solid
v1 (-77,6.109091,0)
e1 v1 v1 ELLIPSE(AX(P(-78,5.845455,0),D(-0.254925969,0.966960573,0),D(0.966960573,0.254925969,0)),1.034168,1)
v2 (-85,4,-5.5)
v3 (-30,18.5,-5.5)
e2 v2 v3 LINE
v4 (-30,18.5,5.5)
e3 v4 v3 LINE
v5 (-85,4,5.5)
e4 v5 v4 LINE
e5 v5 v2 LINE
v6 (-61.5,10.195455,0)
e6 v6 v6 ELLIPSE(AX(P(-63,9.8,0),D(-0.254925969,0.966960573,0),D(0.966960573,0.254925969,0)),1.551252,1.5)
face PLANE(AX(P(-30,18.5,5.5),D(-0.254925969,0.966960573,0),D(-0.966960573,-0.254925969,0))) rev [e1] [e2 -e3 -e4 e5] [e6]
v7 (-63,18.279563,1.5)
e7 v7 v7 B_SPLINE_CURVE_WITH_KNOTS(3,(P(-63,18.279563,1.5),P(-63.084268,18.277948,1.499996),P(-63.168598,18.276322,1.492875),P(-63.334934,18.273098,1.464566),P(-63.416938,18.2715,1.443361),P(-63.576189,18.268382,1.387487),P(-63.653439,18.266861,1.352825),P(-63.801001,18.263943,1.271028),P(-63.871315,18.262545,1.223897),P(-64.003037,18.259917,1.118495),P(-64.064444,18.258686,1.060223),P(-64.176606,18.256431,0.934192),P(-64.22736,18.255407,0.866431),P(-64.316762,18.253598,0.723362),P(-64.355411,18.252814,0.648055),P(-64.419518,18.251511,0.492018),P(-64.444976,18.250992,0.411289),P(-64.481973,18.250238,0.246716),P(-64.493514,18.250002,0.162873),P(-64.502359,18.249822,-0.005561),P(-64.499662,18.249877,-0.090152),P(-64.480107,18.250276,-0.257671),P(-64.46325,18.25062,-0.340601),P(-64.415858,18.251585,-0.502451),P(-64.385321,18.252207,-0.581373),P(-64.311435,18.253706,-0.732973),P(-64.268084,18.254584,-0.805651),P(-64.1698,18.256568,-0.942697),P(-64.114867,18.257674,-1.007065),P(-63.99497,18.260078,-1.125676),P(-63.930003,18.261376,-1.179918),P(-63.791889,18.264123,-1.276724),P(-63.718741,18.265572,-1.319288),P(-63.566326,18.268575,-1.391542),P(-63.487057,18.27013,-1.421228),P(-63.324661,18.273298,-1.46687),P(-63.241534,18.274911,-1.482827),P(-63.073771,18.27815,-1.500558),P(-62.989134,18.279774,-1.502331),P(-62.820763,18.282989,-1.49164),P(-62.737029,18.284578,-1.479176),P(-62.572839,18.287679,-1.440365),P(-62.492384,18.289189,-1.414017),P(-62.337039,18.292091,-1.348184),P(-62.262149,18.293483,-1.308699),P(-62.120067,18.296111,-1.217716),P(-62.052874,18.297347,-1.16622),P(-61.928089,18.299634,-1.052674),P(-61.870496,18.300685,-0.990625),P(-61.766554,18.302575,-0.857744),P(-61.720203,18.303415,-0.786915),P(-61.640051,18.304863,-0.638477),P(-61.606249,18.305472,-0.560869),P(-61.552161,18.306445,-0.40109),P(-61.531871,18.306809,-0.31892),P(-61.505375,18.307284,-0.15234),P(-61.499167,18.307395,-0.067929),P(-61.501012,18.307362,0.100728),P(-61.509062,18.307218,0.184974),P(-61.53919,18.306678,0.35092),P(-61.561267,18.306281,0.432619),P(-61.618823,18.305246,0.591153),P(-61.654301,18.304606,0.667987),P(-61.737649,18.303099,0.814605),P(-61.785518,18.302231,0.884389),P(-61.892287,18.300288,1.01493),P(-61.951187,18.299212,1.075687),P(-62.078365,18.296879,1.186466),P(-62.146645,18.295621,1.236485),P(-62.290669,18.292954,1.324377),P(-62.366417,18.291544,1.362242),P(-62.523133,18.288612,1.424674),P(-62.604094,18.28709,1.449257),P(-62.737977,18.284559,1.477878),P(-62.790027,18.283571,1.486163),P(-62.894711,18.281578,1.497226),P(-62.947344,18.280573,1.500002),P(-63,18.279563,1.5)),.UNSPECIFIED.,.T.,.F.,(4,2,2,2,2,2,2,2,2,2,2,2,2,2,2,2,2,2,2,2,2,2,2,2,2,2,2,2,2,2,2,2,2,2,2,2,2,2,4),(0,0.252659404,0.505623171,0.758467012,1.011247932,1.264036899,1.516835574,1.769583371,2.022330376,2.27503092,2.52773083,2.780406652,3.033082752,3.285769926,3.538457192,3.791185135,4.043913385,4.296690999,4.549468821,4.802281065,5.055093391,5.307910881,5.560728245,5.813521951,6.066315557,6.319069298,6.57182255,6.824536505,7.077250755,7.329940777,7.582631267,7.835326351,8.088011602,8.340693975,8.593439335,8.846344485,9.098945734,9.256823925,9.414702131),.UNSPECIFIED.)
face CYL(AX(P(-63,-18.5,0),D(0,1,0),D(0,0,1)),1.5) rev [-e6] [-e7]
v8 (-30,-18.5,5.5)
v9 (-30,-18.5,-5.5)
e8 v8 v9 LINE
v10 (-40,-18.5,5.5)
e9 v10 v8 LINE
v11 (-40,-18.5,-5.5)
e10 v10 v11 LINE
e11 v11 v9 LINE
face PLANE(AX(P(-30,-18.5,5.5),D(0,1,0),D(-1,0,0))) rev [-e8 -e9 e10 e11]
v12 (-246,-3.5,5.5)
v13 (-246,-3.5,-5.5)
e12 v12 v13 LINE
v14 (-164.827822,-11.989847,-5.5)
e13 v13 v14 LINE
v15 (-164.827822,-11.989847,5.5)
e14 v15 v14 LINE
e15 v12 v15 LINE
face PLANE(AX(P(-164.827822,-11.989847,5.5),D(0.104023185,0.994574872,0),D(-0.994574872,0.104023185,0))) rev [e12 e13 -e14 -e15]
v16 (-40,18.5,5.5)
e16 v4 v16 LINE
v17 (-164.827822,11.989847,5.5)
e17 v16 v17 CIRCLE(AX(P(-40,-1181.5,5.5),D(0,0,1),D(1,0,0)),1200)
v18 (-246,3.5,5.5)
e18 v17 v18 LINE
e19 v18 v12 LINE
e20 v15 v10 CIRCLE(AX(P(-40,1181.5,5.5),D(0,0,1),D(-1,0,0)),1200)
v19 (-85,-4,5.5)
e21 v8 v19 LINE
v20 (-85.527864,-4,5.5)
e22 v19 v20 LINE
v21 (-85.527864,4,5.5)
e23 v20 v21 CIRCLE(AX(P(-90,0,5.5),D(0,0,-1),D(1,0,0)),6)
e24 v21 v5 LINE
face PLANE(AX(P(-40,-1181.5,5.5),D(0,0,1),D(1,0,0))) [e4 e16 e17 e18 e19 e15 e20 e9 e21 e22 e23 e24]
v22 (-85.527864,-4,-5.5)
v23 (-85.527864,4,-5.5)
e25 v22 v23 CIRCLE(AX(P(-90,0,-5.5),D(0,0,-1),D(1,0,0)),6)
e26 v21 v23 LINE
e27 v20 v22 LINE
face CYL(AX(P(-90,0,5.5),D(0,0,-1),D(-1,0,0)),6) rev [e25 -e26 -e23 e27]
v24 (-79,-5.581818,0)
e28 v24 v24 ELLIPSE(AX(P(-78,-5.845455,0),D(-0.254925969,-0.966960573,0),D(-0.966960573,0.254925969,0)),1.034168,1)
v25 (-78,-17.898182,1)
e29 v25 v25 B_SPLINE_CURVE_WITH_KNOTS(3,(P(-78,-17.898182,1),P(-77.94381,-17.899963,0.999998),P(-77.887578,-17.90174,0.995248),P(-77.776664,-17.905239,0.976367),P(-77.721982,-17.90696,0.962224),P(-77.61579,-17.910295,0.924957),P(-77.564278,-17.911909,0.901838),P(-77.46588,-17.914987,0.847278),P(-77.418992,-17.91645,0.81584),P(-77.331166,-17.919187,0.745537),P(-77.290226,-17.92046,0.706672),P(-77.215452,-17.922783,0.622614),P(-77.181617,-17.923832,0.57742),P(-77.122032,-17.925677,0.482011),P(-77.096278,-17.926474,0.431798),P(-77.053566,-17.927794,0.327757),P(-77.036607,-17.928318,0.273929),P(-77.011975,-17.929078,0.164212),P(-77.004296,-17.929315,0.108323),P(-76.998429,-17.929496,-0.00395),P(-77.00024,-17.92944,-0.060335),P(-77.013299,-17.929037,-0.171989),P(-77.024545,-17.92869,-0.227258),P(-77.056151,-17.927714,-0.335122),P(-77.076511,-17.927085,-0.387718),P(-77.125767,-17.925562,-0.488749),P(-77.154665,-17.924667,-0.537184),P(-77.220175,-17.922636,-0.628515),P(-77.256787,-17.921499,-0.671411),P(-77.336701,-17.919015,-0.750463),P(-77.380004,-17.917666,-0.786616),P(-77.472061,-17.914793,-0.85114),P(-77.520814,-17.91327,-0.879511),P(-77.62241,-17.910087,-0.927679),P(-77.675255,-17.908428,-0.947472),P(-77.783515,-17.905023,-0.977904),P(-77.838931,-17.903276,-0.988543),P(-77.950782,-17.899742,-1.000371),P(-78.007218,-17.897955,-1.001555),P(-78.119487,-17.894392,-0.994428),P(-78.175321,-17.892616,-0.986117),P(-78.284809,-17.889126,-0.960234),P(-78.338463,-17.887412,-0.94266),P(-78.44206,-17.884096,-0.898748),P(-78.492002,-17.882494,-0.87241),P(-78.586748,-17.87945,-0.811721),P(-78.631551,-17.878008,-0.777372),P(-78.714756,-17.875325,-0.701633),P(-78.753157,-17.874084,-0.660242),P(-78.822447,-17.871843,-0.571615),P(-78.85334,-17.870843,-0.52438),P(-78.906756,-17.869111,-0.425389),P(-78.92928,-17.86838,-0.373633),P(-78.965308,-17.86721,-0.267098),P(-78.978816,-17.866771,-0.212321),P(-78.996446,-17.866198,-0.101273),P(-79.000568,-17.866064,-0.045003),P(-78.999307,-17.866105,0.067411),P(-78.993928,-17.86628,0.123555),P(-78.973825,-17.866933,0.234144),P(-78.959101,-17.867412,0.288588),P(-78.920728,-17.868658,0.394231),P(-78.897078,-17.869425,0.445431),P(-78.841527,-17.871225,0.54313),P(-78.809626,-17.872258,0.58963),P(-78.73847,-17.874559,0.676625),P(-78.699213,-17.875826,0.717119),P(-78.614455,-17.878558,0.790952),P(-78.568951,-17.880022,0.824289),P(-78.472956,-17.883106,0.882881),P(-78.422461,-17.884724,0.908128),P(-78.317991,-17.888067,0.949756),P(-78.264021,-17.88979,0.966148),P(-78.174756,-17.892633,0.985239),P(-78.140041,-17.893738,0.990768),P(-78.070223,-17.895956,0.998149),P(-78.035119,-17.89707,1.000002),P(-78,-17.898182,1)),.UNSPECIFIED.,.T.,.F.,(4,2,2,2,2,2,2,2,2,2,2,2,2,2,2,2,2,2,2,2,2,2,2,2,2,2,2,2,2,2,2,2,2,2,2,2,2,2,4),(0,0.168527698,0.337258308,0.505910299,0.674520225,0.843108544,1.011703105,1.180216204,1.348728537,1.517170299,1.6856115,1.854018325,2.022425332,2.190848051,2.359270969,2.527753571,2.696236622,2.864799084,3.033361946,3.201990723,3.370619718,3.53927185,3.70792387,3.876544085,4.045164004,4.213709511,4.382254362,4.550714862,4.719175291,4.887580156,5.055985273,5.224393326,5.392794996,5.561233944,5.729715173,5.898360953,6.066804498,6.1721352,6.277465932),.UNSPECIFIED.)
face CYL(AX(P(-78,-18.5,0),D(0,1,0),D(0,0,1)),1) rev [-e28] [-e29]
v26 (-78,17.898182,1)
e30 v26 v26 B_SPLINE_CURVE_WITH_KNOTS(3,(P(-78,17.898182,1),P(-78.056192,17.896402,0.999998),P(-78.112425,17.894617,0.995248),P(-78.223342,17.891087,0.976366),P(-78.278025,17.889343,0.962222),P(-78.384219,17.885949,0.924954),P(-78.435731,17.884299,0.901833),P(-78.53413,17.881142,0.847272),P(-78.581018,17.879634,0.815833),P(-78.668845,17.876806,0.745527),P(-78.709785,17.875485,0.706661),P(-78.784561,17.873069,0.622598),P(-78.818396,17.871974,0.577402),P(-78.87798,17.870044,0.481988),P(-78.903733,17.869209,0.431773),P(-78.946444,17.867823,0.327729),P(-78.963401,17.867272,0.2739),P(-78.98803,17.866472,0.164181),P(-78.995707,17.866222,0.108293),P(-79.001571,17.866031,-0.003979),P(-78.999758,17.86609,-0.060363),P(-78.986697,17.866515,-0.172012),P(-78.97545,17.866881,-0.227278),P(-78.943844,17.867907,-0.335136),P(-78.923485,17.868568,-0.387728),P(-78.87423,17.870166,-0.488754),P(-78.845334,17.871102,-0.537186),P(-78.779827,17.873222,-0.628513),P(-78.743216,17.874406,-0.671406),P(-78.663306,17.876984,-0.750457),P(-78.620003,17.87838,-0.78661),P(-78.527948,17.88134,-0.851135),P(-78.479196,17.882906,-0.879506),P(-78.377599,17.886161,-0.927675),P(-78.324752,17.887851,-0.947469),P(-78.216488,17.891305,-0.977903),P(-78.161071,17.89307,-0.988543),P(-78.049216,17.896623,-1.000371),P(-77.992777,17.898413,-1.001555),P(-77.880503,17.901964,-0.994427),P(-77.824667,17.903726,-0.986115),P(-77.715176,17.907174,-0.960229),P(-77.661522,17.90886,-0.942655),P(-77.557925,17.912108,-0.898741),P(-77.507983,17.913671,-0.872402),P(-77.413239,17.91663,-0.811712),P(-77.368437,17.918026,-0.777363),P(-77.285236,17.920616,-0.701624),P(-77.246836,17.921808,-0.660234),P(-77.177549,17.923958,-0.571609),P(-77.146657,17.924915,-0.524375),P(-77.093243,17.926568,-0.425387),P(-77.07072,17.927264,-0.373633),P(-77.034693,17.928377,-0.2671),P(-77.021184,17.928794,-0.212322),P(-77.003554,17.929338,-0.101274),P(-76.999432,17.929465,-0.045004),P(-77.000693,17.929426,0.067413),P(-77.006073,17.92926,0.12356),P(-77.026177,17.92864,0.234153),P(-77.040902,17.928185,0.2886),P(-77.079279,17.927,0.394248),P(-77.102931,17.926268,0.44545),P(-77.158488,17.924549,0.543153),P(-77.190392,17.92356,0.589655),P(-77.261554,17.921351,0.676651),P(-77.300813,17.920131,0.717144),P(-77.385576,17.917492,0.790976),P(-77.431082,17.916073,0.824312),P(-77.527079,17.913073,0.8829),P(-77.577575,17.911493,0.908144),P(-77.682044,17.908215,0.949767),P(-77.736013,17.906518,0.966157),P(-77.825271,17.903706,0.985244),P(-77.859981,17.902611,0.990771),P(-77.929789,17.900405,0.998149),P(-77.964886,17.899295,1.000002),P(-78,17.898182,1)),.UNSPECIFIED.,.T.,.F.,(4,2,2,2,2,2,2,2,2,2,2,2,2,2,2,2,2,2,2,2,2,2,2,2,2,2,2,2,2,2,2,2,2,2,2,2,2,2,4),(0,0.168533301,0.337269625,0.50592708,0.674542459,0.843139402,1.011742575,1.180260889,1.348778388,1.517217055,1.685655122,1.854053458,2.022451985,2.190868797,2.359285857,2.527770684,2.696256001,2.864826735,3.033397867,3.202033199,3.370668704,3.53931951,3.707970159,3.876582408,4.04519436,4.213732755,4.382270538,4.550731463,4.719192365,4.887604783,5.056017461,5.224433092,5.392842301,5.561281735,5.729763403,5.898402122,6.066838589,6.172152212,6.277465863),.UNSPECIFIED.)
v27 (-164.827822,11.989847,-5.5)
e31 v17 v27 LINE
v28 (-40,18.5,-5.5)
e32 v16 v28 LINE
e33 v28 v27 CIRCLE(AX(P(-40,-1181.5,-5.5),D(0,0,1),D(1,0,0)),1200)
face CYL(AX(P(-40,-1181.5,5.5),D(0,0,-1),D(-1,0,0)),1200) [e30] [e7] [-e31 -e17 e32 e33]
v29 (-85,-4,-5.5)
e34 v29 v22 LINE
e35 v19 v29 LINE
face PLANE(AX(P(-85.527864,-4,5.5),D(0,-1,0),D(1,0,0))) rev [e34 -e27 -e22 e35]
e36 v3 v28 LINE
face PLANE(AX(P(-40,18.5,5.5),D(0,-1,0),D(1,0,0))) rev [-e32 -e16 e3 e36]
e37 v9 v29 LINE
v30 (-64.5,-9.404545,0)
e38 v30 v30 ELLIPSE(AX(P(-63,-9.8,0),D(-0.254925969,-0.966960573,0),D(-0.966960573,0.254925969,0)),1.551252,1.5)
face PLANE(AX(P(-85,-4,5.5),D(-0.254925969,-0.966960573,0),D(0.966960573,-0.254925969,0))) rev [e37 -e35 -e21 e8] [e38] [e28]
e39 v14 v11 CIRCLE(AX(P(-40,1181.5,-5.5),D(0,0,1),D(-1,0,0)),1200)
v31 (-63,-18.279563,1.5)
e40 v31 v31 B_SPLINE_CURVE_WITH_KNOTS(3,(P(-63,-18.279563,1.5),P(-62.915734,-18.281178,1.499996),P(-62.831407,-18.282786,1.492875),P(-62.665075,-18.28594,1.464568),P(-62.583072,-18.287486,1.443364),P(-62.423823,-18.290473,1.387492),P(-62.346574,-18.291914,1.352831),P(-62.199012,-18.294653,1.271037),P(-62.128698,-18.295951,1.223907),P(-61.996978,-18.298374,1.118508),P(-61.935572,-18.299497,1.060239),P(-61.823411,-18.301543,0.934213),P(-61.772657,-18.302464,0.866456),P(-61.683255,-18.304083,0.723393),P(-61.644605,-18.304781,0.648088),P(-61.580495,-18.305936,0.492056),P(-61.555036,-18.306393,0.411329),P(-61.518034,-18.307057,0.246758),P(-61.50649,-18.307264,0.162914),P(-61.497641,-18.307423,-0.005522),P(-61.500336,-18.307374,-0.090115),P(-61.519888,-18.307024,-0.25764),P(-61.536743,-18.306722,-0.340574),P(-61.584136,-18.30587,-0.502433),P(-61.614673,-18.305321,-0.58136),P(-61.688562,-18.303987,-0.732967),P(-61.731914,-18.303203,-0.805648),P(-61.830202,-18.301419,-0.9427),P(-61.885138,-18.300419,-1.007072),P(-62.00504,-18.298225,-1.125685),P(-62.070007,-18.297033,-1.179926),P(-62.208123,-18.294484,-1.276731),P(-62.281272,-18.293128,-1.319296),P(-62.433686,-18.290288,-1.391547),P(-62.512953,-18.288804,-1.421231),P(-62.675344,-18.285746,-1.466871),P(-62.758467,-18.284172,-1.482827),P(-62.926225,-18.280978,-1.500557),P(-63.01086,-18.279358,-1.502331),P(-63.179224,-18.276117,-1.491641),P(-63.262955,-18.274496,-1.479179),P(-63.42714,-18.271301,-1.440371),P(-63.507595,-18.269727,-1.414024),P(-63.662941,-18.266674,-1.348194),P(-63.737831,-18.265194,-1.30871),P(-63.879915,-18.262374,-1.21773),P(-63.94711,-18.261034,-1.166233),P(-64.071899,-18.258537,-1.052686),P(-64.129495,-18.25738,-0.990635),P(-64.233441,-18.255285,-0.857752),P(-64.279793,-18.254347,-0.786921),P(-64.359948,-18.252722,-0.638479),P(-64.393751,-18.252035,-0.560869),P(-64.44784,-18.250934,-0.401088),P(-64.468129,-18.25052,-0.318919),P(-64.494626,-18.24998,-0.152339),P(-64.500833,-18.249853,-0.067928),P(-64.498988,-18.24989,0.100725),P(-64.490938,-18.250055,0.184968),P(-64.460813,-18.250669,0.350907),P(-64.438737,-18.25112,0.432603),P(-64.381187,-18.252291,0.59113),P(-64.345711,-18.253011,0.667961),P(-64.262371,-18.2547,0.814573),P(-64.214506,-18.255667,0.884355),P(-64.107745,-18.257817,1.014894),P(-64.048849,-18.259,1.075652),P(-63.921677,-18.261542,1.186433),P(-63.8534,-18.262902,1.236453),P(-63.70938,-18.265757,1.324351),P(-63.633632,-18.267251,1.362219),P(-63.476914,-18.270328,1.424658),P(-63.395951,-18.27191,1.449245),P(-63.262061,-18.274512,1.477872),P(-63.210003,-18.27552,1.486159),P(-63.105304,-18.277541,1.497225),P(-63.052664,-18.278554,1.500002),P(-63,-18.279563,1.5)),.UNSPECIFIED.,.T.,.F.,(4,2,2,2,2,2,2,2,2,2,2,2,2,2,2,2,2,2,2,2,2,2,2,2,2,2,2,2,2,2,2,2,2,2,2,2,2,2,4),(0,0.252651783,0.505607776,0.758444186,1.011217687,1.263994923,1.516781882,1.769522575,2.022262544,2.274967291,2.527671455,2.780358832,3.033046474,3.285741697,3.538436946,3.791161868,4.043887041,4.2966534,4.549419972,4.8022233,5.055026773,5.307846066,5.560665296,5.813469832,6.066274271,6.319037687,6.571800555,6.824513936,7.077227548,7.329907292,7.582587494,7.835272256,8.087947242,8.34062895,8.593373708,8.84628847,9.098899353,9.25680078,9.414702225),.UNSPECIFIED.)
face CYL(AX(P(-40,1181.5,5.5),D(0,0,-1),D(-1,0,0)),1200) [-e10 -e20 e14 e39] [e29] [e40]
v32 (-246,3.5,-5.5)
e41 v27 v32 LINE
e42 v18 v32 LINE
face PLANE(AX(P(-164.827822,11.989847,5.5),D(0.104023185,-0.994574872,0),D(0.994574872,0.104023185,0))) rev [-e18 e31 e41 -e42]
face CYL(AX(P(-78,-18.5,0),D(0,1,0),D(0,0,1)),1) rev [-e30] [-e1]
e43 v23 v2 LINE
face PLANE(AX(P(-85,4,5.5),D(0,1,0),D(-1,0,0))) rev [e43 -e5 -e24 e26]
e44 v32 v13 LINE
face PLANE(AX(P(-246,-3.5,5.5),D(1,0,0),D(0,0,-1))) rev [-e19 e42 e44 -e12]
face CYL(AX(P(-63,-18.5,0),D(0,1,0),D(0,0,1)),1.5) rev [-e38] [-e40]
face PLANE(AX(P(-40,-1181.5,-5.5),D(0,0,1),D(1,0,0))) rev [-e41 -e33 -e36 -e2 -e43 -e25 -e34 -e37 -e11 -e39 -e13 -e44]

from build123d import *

# Parameters (mm, degrees)
EXTRUDE1_DEPTH          = 5.5
SKETCH2_R               = 1.5
SKETCH2_R_2             = 1
CUT_EXTRUDE1_DEPTH      = 19.5
CUT_EXTRUDE1_DEPTH_BACK = 19.5


with BuildPart() as part:
    # Sketch1 → Extrude1 (new body, symmetric)
    with BuildSketch(Plane.XY):
        with BuildLine():
            Line((-40, 18.5), (-30, 18.5))
            Line((-30, 18.5), (-85, 4))
            Line((-85, 4), (-85.527864045, 4))
            ThreePointArc((-85.527864045, 4), (-96, 0), (-85.527864045, -4))
            Line((-85.527864045, -4), (-85, -4))
            Line((-85, -4), (-30, -18.5))
            Line((-30, -18.5), (-40, -18.5))
            ThreePointArc((-40, -18.5), (-102.498734411, -16.871356549), (-164.827821897, -11.989846995))
            Line((-164.827821897, -11.989846995), (-246, -3.5))
            Line((-246, -3.5), (-246, 3.5))
            Line((-246, 3.5), (-164.827821897, 11.989846995))
            ThreePointArc((-164.827821897, 11.989846995), (-102.498734411, 16.871356549), (-40, 18.5))
        make_face()
    extrude(amount=EXTRUDE1_DEPTH, both=True)

    # Sketch2 → Cut-Extrude1 (cut, two sides)
    with BuildSketch(Plane(origin=(0, 0, 0), x_dir=(1, 0, 0), z_dir=(0, 1, 0))) as cut_extrude1_sk:
        with Locations(Location((-63, 0, 0), (0, 0, 270))):  # turned: the seam where the file's is
            Circle(SKETCH2_R)
        with Locations(Location((-78, 0, 0), (0, 0, 270))):  # turned: the seam where the file's is
            Circle(SKETCH2_R_2)
    extrude(amount=CUT_EXTRUDE1_DEPTH, mode=Mode.SUBTRACT)
    extrude(cut_extrude1_sk.sketch, amount=-CUT_EXTRUDE1_DEPTH_BACK, mode=Mode.SUBTRACT)


solid = part.part
